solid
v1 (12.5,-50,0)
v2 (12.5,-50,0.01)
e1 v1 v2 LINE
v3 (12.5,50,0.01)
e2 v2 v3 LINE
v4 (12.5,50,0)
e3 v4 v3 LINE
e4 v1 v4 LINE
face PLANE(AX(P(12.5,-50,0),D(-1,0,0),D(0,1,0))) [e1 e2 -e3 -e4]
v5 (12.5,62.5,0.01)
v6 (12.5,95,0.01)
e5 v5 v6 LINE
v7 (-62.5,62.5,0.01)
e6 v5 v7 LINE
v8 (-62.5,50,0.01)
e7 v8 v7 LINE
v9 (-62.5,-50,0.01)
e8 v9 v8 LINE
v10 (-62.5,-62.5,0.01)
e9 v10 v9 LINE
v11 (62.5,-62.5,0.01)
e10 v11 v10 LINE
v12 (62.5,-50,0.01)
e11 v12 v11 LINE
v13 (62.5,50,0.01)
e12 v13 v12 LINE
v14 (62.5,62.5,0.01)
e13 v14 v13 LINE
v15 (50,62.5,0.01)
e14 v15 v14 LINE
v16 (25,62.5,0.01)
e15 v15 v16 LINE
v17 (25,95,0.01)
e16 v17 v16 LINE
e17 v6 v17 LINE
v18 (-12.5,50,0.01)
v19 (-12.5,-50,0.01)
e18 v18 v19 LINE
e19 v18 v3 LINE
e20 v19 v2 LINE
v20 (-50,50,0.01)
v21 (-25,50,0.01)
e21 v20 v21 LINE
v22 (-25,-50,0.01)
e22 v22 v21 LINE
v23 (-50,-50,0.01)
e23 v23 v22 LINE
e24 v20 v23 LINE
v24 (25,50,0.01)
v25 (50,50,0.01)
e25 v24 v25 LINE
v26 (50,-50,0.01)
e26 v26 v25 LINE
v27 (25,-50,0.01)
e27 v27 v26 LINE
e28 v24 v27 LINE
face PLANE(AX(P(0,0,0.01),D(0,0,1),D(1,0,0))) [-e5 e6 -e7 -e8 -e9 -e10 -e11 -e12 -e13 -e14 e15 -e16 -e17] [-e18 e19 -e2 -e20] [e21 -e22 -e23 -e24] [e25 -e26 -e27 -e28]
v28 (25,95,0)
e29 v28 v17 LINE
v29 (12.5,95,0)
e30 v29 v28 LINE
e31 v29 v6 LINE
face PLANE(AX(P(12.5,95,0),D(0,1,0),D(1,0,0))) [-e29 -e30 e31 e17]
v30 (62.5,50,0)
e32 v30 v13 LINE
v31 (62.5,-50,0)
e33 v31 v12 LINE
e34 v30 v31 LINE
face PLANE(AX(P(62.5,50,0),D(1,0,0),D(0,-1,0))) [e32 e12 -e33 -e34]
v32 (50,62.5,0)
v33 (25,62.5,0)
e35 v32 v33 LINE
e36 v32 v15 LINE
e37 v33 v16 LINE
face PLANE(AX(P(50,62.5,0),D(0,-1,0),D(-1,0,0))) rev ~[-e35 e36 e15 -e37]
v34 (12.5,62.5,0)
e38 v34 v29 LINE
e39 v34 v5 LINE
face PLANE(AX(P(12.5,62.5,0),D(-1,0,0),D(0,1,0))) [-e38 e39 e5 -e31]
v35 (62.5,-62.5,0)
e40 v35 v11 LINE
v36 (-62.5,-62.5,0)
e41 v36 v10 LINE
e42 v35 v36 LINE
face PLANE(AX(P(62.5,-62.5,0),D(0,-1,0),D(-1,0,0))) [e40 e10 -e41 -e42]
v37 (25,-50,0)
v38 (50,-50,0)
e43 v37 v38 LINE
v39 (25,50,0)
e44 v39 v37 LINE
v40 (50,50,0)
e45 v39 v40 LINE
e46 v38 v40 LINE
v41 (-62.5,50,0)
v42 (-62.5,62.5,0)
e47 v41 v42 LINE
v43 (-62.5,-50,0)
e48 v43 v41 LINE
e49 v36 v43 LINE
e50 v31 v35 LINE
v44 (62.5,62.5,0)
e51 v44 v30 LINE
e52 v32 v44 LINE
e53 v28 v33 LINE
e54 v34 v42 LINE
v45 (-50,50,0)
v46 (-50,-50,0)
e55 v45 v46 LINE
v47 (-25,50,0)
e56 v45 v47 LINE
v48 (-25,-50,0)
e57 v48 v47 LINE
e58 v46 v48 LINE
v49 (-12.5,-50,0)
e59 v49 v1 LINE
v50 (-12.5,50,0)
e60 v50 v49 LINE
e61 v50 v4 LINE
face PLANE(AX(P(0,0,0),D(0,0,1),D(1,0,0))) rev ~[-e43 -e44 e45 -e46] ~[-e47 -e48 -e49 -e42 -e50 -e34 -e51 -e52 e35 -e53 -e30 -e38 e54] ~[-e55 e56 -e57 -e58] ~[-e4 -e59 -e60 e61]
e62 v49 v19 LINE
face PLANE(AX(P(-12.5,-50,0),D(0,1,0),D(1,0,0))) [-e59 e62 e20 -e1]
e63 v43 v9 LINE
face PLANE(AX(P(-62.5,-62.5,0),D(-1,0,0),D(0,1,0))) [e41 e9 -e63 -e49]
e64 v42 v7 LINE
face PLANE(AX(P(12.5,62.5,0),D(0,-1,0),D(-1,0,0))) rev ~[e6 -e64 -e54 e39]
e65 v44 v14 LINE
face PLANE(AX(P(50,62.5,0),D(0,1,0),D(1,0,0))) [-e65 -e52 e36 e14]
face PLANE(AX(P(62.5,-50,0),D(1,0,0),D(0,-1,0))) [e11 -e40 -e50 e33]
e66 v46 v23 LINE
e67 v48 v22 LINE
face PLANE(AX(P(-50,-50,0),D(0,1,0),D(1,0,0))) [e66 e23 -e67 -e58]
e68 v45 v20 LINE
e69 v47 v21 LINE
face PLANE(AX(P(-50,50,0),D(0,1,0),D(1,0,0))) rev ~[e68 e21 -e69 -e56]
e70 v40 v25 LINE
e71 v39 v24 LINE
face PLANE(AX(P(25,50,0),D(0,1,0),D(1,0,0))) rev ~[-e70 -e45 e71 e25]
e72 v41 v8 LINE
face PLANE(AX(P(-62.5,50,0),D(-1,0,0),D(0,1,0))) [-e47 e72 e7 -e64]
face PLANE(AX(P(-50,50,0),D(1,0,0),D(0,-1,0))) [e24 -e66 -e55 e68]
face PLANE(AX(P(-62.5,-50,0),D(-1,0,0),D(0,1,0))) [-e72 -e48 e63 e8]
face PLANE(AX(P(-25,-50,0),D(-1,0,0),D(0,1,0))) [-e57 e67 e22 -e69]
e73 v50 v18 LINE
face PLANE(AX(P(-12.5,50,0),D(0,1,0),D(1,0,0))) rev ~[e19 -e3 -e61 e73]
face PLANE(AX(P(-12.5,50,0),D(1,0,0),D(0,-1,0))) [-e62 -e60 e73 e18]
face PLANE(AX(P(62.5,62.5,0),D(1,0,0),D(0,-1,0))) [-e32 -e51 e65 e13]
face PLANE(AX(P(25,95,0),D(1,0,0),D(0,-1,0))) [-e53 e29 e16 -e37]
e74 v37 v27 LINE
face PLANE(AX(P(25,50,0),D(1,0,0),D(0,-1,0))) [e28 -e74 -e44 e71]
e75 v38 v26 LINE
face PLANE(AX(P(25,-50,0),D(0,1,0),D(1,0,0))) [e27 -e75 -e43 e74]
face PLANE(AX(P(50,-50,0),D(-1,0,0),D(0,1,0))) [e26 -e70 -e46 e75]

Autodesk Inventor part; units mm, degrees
ref_plane "YZ Plane" through (0, 0, 0) normal (1, 0, 0) x (0, 1, 0)
ref_plane "XZ Plane" through (0, 0, 0) normal (0, 1, 0) x (-1, 0, 0)
ref_plane "XY Plane" through (0, 0, 0) normal (0, 0, 1) x (1, 0, 0)
sketch "Sketch1" plane through (0, 0, 0) normal (0, 0, 1) x (1, 0, 0)
  line L0 (62.5, -62.5) -> (-62.5, -62.5)
  line L1 (50, -50) -> (50, 50)
  line L2 (50, 62.5) -> (62.5, 62.5)
  line L3 (62.5, 62.5) -> (62.5, -62.5)
  line L4 (75, -75) -> (-75, -75) construction
  line L5 (-75, -75) -> (-75, 75) construction
  line L6 (-75, 75) -> (75, 75) construction
  line L7 (75, 75) -> (75, -75) construction
  line L8 (0, -75) -> (0, 75) construction
  line L9 (75, 0) -> (-75, 0) construction
  line L10 (12.5, -50) -> (12.5, 50)
  line L11 (25, 50) -> (25, -50)
  line L12 (-25, -50) -> (-25, 50)
  line L13 (-12.5, 50) -> (-12.5, -50)
  line L14 (-62.5, -62.5) -> (-62.5, 62.5)
  line L15 (-50, 50) -> (-50, -50)
  line L16 (-62.5, -62.5) -> (-62.5, -50)
  line L17 (62.5, -50) -> (62.5, -62.5)
  line L18 (-62.5, 62.5) -> (-62.5, 50)
  line L19 (62.5, 50) -> (62.5, 62.5)
  line L20 (25, -50) -> (50, -50)
  line L21 (-50, -50) -> (-25, -50)
  line L22 (-12.5, -50) -> (12.5, -50)
  line L23 (25, 50) -> (50, 50)
  line L24 (-50, 50) -> (-25, 50)
  line L25 (-12.5, 50) -> (12.5, 50)
  line L26 (12.5, 62.5) -> (12.5, 95)
  line L27 (12.5, 95) -> (25, 95)
  line L28 (25, 95) -> (25, 62.5)
  line L29 (62.5, 62.5) -> (25, 62.5)
  line L30 (12.5, 62.5) -> (-62.5, 62.5)
  point P0 (0, 0)
  dimension "d1" = 125
  dimension "d2" = 150
  dimension "d3" = 25
  dimension "d4" = 25
  dimension "d5" = 25
  dimension "d8" = 12.5
  dimension "d9" = 12.5
  dimension "d10" = 12.5
  dimension "d11" = 12.5
  dimension "d13" = 12.5
  dimension "d14" = 12.5
  dimension "d15" = 20
extrude "Extrusion1" add sketch "Sketch1" along normal blind 0.01
properties part number "Square_Copper" material "Copper"
